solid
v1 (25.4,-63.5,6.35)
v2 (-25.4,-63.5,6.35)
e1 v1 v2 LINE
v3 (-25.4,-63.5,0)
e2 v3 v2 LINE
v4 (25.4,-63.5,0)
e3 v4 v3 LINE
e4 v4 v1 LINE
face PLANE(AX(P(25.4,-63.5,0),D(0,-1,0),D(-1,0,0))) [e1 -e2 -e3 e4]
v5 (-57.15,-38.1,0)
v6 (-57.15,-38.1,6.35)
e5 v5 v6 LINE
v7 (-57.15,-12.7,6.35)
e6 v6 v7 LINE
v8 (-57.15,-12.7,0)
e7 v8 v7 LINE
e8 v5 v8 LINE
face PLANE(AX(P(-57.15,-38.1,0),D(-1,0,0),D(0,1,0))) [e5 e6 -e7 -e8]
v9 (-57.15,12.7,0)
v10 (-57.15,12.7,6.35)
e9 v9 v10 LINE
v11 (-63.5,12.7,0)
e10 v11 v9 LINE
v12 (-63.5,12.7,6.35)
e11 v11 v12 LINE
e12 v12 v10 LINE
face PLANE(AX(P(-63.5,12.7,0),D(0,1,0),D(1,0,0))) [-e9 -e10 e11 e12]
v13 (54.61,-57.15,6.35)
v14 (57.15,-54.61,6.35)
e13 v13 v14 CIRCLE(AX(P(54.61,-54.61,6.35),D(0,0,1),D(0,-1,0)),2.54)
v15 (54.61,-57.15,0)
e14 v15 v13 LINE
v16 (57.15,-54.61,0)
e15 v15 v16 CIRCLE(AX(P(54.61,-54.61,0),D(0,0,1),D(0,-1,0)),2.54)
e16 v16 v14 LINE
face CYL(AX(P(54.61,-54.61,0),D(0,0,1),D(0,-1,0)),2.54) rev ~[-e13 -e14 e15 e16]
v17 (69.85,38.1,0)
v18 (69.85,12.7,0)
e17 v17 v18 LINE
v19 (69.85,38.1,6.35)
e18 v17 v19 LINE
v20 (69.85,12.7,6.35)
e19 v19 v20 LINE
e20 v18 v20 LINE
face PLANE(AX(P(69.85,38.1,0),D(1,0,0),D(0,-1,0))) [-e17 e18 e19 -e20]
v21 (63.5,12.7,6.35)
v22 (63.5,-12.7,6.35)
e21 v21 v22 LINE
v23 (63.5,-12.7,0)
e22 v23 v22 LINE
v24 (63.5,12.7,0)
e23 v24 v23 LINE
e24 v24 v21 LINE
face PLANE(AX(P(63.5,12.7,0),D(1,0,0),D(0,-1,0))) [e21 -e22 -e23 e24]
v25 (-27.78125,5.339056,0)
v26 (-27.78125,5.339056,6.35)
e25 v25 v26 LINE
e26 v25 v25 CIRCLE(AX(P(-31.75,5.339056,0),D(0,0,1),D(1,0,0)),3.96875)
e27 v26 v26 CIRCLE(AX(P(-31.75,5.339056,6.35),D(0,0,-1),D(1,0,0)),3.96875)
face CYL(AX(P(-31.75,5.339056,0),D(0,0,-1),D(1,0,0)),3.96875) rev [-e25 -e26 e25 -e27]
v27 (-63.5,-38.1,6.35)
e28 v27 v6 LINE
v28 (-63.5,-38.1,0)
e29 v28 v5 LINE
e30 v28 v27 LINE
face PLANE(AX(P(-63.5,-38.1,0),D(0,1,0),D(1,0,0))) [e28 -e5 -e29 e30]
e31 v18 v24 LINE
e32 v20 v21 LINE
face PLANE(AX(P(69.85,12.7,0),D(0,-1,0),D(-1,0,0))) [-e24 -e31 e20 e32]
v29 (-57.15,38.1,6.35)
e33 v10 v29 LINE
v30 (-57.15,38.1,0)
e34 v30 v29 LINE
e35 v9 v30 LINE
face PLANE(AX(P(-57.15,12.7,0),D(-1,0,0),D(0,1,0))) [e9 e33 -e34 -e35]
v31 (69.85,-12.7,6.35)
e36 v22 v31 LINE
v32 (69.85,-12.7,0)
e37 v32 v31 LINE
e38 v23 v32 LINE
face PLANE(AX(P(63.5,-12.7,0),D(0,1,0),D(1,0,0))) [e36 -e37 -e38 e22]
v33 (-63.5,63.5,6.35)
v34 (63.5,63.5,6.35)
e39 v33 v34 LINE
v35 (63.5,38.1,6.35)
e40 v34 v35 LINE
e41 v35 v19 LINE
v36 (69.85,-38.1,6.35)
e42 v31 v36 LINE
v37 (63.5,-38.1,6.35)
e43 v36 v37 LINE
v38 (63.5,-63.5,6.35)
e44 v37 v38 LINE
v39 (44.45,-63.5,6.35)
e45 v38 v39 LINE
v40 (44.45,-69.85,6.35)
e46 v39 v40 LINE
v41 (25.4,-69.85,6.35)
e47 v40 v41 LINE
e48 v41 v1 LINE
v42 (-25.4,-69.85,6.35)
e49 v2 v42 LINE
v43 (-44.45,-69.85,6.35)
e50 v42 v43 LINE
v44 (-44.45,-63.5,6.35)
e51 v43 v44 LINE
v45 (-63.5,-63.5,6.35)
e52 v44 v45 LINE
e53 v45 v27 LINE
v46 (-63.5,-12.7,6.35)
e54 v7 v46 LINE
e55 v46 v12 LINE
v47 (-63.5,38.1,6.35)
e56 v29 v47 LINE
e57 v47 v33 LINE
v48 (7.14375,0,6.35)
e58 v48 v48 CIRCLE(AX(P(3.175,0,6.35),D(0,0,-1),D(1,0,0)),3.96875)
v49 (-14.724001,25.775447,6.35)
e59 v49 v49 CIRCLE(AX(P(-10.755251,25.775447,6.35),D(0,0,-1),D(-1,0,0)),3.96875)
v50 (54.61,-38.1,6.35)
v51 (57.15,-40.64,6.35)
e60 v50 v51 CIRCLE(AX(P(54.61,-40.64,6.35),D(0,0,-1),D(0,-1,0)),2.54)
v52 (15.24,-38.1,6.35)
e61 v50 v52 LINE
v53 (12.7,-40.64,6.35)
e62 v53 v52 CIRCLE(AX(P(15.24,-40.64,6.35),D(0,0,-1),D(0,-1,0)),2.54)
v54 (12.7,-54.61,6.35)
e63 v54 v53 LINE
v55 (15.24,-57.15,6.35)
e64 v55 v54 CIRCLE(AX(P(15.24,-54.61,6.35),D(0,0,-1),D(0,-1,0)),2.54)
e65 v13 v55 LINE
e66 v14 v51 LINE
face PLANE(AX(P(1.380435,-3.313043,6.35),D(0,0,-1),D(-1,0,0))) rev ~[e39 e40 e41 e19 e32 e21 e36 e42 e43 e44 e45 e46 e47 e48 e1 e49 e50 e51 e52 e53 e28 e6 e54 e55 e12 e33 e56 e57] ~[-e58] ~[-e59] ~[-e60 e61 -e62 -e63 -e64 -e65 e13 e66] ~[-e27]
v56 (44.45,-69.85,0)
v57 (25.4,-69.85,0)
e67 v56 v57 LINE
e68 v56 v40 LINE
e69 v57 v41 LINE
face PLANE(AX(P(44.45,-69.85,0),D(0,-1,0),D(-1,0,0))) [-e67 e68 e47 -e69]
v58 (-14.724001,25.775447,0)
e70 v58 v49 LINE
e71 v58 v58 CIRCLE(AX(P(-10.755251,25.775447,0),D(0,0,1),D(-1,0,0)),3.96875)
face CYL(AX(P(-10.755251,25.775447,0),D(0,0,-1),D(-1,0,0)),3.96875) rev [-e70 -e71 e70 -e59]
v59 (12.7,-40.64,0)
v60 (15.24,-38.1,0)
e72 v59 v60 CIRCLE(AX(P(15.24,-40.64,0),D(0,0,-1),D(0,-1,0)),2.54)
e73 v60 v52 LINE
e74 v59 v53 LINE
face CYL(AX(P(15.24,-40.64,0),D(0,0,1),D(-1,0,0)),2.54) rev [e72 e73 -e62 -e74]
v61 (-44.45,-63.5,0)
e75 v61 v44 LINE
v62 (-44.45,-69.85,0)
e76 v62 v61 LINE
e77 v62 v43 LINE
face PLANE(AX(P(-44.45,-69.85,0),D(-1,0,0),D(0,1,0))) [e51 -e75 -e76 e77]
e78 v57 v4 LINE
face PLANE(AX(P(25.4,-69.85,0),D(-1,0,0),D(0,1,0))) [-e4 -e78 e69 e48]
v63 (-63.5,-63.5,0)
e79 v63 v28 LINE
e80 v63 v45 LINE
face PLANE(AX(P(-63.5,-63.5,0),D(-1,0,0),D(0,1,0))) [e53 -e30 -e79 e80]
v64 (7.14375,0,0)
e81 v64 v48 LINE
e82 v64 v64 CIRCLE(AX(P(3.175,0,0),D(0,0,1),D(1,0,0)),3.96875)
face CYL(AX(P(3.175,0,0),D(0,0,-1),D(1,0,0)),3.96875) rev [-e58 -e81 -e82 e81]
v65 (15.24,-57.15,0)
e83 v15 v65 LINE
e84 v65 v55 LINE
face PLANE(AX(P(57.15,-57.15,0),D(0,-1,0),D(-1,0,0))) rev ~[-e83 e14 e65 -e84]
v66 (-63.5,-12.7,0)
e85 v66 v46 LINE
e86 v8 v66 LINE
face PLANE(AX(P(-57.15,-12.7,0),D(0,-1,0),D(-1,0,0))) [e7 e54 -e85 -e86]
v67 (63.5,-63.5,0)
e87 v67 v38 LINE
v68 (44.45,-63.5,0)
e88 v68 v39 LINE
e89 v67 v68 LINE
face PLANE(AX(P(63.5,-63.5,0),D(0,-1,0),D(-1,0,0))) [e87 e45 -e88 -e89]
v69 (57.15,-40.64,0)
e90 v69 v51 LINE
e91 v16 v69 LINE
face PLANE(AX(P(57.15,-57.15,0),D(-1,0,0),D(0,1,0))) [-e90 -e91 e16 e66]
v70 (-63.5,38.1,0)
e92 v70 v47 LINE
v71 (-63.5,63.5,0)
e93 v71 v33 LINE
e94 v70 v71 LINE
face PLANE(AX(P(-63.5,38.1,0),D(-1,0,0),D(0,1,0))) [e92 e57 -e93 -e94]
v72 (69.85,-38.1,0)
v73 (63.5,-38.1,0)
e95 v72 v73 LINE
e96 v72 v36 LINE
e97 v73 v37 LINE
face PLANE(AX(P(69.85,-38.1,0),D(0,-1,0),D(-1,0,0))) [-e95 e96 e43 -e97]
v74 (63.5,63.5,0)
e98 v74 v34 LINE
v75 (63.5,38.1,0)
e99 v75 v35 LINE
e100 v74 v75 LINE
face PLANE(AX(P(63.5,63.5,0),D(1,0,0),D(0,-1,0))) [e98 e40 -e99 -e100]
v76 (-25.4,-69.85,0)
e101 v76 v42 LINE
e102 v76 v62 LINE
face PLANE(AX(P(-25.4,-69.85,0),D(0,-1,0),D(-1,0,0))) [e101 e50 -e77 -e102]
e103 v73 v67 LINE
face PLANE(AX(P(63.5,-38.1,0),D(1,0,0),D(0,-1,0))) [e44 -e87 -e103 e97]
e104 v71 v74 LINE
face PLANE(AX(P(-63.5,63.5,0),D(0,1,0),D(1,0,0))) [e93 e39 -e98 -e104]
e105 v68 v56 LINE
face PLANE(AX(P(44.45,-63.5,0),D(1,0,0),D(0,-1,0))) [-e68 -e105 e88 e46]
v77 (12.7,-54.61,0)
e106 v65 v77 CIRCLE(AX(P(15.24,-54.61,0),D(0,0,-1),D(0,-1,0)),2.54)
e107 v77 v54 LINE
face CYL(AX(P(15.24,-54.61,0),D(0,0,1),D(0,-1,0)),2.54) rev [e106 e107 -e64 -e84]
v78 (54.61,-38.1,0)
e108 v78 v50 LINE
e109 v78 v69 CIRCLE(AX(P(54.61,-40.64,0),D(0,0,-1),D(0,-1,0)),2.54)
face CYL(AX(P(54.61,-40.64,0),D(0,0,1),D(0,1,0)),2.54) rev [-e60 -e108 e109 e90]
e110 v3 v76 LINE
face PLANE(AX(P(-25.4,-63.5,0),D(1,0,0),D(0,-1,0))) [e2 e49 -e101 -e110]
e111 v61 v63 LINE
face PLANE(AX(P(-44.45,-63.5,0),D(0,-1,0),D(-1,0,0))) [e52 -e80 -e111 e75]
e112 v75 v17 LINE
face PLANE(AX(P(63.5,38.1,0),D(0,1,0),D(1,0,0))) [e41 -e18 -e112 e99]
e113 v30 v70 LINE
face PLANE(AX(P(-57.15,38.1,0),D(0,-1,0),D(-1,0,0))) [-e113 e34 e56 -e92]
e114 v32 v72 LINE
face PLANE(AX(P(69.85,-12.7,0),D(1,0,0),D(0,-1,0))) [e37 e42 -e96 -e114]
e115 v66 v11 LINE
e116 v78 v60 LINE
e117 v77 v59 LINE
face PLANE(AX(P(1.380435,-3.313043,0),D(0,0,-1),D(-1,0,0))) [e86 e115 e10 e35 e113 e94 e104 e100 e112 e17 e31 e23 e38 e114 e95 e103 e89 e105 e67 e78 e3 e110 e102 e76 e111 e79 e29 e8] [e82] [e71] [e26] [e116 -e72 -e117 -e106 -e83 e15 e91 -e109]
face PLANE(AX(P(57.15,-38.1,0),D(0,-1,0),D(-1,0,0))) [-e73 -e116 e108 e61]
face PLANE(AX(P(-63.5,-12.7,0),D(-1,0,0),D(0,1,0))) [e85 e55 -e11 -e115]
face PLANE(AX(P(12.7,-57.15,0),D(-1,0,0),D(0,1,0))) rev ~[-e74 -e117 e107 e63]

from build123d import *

# Parameters (mm, degrees)
BOXSIDE_DEPTH      = 6.35
SKETCH2_R          = 3.96875
CUT_EXTRUDE1_DEPTH = 99.986703653
SKETCH3_W          = 44.45
SKETCH3_H          = 19.05
CUT_EXTRUDE2_DEPTH = 99.986703653
FILLET1_R          = 2.54


with BuildPart() as part:
    # Sketch1 → BOXSIDE (new body)
    with BuildSketch(Plane.XY):
        Polygon((-63.5, 38.1), (-63.5, 63.5), (63.5, 63.5), (63.5, 38.1), (69.85, 38.1), (69.85, 12.7), (63.5, 12.7), (63.5, -12.7), (69.85, -12.7), (69.85, -38.1), (63.5, -38.1), (63.5, -63.5), (44.45, -63.5), (44.45, -69.85), (25.4, -69.85), (25.4, -63.5), (-25.4, -63.5), (-25.4, -69.85), (-44.45, -69.85), (-44.45, -63.5), (-63.5, -63.5), (-63.5, -38.1), (-57.15, -38.1), (-57.15, -12.7), (-63.5, -12.7), (-63.5, 12.7), (-57.15, 12.7), (-57.15, 38.1), align=None)
    extrude(amount=BOXSIDE_DEPTH)

    # Sketch2 → Cut-Extrude1 (cut, through all)
    with BuildSketch(Plane.XY):
        with Locations(Location((-10.755250883, 25.77544668, 0), (0, 0, 180))):
            Circle(SKETCH2_R)
        with Locations((3.175, 0)):
            Circle(SKETCH2_R)
        with Locations((-31.75, 5.339056325)):
            Circle(SKETCH2_R)
    extrude(amount=CUT_EXTRUDE1_DEPTH, mode=Mode.SUBTRACT)

    # Sketch3 → Cut-Extrude2 (cut, through all)
    with BuildSketch(Plane(origin=(0, 0, 0), x_dir=(-1, 0, 0), z_dir=(0, 0, -1))):
        with Locations((-34.925, -47.625)):
            Rectangle(SKETCH3_W, SKETCH3_H)
    extrude(amount=-CUT_EXTRUDE2_DEPTH, mode=Mode.SUBTRACT)

    # Fillet1
    fillet1_edges = [part.edges().sort_by_distance(p)[0] for p in [
        (57.15, -57.15, 3.175),
        (57.15, -38.1, 3.175),
        (12.7, -38.1, 3.175),
        (12.7, -57.15, 3.175),
    ]]
    fillet(fillet1_edges, radius=FILLET1_R)


solid = part.part
